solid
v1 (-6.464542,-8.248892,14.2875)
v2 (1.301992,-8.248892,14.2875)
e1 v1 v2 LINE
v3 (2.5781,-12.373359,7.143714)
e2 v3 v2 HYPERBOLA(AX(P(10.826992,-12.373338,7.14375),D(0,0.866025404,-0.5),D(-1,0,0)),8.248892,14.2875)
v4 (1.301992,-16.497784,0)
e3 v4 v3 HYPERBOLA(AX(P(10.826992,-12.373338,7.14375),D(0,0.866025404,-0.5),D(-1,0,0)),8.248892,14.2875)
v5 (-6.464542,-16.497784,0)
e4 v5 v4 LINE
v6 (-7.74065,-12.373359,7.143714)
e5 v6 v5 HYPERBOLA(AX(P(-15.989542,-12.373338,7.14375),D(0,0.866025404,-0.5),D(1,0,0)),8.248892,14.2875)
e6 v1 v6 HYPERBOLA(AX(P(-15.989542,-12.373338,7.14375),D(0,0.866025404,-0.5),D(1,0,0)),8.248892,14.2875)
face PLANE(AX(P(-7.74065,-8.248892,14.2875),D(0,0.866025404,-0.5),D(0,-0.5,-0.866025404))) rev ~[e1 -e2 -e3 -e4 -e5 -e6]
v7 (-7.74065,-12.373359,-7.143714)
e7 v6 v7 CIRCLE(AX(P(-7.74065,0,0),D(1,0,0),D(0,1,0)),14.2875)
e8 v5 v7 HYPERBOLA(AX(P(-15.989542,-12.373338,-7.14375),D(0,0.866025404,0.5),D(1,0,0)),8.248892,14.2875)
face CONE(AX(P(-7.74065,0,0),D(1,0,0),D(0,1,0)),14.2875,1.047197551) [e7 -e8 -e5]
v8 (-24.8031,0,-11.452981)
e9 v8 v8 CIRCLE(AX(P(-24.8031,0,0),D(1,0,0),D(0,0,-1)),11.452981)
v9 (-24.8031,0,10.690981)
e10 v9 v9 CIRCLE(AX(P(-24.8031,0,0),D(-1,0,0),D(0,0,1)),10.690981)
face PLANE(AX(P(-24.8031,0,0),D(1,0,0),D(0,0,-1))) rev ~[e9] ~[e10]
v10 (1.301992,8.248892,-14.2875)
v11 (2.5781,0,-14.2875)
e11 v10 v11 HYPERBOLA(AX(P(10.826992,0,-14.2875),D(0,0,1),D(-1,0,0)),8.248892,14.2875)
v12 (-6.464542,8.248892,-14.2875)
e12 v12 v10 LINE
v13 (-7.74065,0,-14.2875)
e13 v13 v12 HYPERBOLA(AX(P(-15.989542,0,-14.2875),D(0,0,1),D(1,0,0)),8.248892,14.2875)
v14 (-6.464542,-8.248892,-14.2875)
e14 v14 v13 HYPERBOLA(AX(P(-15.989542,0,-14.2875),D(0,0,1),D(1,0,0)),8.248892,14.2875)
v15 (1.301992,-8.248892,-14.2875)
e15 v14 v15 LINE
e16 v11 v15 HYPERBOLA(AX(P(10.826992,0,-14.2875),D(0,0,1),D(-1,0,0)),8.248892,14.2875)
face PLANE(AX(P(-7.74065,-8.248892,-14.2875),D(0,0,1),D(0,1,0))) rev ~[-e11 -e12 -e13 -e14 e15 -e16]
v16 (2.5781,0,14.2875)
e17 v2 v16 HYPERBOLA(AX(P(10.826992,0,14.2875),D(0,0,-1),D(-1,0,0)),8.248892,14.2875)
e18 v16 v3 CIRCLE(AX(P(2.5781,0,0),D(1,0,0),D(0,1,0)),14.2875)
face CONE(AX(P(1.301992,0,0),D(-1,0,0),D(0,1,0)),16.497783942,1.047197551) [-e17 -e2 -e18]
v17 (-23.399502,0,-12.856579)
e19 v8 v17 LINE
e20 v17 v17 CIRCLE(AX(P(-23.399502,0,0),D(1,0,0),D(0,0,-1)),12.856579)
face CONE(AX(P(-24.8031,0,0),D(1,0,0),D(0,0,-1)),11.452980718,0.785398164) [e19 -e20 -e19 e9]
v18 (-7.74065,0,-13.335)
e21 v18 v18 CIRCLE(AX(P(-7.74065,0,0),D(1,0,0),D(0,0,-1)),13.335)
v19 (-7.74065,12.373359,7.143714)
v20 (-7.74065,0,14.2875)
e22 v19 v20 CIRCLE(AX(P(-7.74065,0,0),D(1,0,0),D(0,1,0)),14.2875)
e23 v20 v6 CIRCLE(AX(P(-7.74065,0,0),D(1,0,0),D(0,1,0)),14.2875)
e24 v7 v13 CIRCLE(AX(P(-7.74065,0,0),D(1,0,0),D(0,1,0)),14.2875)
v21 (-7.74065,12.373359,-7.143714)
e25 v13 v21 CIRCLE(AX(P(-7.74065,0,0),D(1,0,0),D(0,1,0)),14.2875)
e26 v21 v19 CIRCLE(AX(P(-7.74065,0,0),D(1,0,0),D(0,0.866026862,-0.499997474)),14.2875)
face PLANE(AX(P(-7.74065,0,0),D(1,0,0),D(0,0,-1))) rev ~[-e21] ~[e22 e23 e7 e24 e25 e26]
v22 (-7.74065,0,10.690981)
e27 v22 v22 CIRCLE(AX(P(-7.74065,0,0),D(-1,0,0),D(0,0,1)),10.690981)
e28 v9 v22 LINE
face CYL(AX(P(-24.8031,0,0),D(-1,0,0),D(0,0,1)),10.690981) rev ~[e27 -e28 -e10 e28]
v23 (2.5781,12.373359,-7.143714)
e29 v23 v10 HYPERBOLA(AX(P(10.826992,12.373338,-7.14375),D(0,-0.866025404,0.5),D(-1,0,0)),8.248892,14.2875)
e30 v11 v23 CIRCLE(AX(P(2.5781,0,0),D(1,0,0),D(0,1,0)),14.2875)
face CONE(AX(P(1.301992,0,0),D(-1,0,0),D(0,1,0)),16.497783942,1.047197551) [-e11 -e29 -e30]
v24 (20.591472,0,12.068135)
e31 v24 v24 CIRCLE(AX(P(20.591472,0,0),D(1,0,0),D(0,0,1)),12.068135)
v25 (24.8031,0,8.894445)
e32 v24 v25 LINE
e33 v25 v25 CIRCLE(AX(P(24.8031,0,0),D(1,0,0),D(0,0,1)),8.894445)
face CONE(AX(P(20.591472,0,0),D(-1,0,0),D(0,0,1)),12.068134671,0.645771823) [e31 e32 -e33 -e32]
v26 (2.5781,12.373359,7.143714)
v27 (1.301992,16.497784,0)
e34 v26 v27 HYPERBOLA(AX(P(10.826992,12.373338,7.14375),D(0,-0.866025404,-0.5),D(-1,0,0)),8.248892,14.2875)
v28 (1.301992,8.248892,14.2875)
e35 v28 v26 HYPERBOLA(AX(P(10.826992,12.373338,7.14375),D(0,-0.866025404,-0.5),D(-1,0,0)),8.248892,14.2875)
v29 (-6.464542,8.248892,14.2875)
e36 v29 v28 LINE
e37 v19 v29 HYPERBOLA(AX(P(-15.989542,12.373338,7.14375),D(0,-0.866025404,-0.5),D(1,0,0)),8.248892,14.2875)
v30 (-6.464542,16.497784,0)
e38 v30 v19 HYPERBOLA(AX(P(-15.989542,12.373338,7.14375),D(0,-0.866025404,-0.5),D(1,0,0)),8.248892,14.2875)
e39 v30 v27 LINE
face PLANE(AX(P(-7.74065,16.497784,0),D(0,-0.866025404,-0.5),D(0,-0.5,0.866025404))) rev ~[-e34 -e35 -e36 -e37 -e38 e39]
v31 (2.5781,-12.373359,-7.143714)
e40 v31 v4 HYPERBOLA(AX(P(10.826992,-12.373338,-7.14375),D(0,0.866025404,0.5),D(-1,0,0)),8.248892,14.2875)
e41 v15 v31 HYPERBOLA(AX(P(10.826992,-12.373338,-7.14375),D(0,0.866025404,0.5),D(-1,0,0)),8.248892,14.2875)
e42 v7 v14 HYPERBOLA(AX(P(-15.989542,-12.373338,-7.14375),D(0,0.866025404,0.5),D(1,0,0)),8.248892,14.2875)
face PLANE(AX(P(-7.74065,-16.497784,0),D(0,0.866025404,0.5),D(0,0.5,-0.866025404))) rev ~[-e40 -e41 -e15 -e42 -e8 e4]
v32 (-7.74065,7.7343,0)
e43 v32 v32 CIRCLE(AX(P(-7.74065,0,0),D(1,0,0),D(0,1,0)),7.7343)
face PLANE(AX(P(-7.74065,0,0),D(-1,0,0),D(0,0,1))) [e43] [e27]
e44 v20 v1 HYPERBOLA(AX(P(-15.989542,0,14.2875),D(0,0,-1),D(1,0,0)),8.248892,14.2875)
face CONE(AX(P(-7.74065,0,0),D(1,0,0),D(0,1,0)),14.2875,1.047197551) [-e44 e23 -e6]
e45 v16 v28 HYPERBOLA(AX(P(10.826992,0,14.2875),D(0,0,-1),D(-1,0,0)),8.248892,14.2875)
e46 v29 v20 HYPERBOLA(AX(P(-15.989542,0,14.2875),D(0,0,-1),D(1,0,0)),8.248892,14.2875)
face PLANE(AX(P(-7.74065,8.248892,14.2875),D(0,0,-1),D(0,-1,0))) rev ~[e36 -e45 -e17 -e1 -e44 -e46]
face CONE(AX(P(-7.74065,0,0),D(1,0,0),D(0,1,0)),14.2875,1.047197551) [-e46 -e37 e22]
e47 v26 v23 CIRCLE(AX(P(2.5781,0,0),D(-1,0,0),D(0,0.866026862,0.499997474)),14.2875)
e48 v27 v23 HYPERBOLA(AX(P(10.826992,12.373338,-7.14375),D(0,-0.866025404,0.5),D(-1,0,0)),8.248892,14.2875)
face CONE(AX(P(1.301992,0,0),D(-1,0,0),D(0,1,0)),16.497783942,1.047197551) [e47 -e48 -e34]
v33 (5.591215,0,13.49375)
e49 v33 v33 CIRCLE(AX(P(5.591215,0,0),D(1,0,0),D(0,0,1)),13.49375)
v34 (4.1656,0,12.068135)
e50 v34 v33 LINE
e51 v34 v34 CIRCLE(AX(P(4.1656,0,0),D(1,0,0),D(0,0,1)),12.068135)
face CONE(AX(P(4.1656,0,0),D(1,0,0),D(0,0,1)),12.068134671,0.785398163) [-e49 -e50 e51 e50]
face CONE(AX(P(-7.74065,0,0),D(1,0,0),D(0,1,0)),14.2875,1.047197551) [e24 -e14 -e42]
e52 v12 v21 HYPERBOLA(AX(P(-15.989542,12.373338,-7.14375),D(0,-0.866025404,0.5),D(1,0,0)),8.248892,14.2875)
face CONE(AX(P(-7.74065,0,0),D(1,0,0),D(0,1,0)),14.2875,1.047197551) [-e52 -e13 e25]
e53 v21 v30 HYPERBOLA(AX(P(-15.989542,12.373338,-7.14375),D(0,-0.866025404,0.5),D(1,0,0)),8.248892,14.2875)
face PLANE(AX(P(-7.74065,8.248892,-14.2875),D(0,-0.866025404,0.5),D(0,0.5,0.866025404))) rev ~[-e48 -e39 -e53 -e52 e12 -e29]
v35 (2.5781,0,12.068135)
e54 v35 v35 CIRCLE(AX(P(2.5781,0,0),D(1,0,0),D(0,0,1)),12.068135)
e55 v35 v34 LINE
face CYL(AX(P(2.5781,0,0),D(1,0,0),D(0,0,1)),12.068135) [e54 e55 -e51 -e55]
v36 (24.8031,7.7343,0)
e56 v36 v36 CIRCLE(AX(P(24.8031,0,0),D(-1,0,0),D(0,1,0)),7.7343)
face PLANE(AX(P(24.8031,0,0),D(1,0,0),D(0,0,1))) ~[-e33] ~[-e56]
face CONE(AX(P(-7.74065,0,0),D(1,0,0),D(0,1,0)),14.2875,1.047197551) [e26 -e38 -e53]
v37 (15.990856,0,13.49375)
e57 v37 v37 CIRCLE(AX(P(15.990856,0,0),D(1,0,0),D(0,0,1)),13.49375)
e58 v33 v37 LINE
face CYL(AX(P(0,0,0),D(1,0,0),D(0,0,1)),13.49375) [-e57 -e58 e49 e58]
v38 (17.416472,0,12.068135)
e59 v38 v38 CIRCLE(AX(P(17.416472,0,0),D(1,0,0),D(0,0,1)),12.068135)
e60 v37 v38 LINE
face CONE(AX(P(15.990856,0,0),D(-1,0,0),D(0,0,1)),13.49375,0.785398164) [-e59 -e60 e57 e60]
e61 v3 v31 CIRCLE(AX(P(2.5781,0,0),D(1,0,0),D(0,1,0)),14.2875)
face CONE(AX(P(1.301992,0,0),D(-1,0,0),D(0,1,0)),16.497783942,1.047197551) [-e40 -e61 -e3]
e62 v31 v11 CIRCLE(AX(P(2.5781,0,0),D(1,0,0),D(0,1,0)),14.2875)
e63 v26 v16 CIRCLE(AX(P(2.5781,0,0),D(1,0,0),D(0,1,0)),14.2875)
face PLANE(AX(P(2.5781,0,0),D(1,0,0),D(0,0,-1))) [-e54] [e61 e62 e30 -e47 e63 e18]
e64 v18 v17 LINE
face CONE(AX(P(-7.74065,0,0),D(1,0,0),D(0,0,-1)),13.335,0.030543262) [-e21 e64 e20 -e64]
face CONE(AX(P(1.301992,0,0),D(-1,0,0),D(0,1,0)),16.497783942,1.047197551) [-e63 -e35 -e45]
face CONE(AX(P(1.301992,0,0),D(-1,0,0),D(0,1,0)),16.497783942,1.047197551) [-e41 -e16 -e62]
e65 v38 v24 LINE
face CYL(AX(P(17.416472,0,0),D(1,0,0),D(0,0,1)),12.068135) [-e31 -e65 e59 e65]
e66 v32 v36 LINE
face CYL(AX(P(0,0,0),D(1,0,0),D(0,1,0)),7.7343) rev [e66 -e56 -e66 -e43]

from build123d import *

# Parameters (mm, degrees)
SKETCH6_W           = 49.6062
SKETCH6_H           = 13.49375
EXTRUDE1_DEPTH      = 10.31875
SKETCH7_W           = 49.6062
SKETCH7_H           = 7.7343
SKETCH17_R          = 13.49375
CUT_EXTRUDE1_DEPTH  = 17.06245
SKETCH19_R          = 13.335
BOSS_EXTRUDE1_DEPTH = 17.06245
BOSS_EXTRUDE1_DRAFT = -1.75
CHAMFER1_SIZE       = 1.360714286
CHAMFER1_SIZE2      = 1.404253042
SKETCH22_R          = 13.335
BOSS_EXTRUDE3_DEPTH = 17.06245
BOSS_EXTRUDE3_DRAFT = -15
SKETCH23_R          = 10.690980718
CUT_EXTRUDE2_DEPTH  = 17.06245


with BuildPart() as part:
    # Sketch6 → Revolve3 (revolve)
    with BuildSketch(Plane.XY, mode=Mode.PRIVATE) as revolve3_sk:
        with Locations((0, 6.746875)):
            Rectangle(SKETCH6_W, SKETCH6_H)
    revolve(revolve3_sk.sketch.rotate(Axis((-24.8031, 0, 0), (1, 0, 0)), 90), axis=Axis((-24.8031, 0, 0), (1, 0, 0)))

    # Sketch12 → Extrude1 (add)
    with BuildSketch(Plane(origin=(-7.74065, 0, 0), x_dir=(0, 0, -1), z_dir=(1, 0, 0))):
        Polygon((0, 16.497783942), (-14.2875, 8.248891971), (-14.2875, -8.248891971), (0, -16.497783942), (14.2875, -8.248891971), (14.2875, 8.248891971), align=None)
    extrude(amount=EXTRUDE1_DEPTH)

    # Sketch10 → Cut-Revolve6 (revolve, cut)
    with BuildSketch(Plane.XY, mode=Mode.PRIVATE) as cut_revolve6_sk:
        Polygon((5.591215329, 13.49375), (2.5781, 13.49375), (2.5781, 12.068134671), (4.1656, 12.068134671), align=None)
        Polygon((24.8031, 13.49375), (15.990856228, 13.49375), (17.416471556, 12.068134671), (20.591471556, 12.068134671), (24.8031, 8.894445), align=None)
    revolve(cut_revolve6_sk.sketch.rotate(Axis((-24.8031, 0, 0), (1, 0, 0)), 90), axis=Axis((-24.8031, 0, 0), (1, 0, 0)), mode=Mode.SUBTRACT)

    # Sketch7 → Cut-Revolve5 (revolve, cut)
    with BuildSketch(Plane.XY):
        with Locations((0, 3.86715)):
            Rectangle(SKETCH7_W, SKETCH7_H)
    revolve(axis=Axis((24.8031, 0, 0), (-1, 0, 0)), mode=Mode.SUBTRACT)

    # Sketch13 → Cut-Revolve7 (revolve, cut)
    with BuildSketch(Plane.XY):
        Polygon((-7.74065, 16.497783942), (-7.74065, 14.2875), (-6.464541971, 16.497783942), align=None)
        Polygon((1.301991971, 16.497783942), (2.5781, 14.2875), (2.5781, 16.497783942), align=None)
    revolve(axis=Axis((-24.8031, 0, 0), (1, 0, 0)), mode=Mode.SUBTRACT)

    # Sketch17 → Cut-Extrude1 (cut)
    with BuildSketch(Plane.ZY.offset(24.8031)):
        Circle(SKETCH17_R)
    extrude(amount=-CUT_EXTRUDE1_DEPTH, mode=Mode.SUBTRACT)


with BuildPart() as body_2:
    # Sketch19 → Boss-Extrude1 (with draft: the straight prism first)
    with BuildSketch(Plane(origin=(-7.74065, 0, 0), x_dir=(0, 0, -1), z_dir=(1, 0, 0))):
        Circle(SKETCH19_R)
    extrude(amount=-BOSS_EXTRUDE1_DEPTH)
    # Boss-Extrude1: the draft: its side faces are tilted about the plane it starts from
    boss_extrude1_sides = [body_2.faces().sort_by_distance(p)[0] for p in [
        (-16.271875, 0, 13.335),
    ]]
    draft(boss_extrude1_sides, Plane(origin=(-7.74065, 0, 0), x_dir=(0, 0, -1), z_dir=(1, 0, 0)), BOSS_EXTRUDE1_DRAFT)

    # Chamfer1
    chamfer1_edges = [body_2.edges().sort_by_distance(p)[0] for p in [
        (-24.8031, 0, 12.813695004),
    ]]
    chamfer1_side = [body_2.faces().sort_by_distance(p)[0] for p in [
        (-24.8031, 0, 0),
    ]]
    chamfer(chamfer1_edges, length=CHAMFER1_SIZE, length2=CHAMFER1_SIZE2, reference=chamfer1_side[0])


with BuildPart() as boss_extrude3_tool:
    # Sketch22 → Boss-Extrude3 (with draft: the straight prism first)
    with BuildSketch(Plane(origin=(-7.74065, 0, 0), x_dir=(0, 0, -1), z_dir=(1, 0, 0))):
        Circle(SKETCH22_R)
    extrude(amount=-BOSS_EXTRUDE3_DEPTH)
    # Boss-Extrude3: the draft: its side faces are tilted about the plane it starts from
    boss_extrude3_sides = [boss_extrude3_tool.faces().sort_by_distance(p)[0] for p in [
        (-16.271875, 0, 13.335),
    ]]
    draft(boss_extrude3_sides, Plane(origin=(-7.74065, 0, 0), x_dir=(0, 0, -1), z_dir=(1, 0, 0)), BOSS_EXTRUDE3_DRAFT)


with BuildPart() as body_2_1:
    add(body_2.part)

    # Boss-Extrude3: add boss_extrude3_tool
    add(boss_extrude3_tool.part)

    # Combine1: union part
    add(part.part)

    # Sketch23 → Cut-Extrude2 (cut)
    with BuildSketch(Plane.ZY.offset(24.8031)):
        Circle(SKETCH23_R)
    extrude(amount=-CUT_EXTRUDE2_DEPTH, mode=Mode.SUBTRACT)


solid = body_2_1.part
